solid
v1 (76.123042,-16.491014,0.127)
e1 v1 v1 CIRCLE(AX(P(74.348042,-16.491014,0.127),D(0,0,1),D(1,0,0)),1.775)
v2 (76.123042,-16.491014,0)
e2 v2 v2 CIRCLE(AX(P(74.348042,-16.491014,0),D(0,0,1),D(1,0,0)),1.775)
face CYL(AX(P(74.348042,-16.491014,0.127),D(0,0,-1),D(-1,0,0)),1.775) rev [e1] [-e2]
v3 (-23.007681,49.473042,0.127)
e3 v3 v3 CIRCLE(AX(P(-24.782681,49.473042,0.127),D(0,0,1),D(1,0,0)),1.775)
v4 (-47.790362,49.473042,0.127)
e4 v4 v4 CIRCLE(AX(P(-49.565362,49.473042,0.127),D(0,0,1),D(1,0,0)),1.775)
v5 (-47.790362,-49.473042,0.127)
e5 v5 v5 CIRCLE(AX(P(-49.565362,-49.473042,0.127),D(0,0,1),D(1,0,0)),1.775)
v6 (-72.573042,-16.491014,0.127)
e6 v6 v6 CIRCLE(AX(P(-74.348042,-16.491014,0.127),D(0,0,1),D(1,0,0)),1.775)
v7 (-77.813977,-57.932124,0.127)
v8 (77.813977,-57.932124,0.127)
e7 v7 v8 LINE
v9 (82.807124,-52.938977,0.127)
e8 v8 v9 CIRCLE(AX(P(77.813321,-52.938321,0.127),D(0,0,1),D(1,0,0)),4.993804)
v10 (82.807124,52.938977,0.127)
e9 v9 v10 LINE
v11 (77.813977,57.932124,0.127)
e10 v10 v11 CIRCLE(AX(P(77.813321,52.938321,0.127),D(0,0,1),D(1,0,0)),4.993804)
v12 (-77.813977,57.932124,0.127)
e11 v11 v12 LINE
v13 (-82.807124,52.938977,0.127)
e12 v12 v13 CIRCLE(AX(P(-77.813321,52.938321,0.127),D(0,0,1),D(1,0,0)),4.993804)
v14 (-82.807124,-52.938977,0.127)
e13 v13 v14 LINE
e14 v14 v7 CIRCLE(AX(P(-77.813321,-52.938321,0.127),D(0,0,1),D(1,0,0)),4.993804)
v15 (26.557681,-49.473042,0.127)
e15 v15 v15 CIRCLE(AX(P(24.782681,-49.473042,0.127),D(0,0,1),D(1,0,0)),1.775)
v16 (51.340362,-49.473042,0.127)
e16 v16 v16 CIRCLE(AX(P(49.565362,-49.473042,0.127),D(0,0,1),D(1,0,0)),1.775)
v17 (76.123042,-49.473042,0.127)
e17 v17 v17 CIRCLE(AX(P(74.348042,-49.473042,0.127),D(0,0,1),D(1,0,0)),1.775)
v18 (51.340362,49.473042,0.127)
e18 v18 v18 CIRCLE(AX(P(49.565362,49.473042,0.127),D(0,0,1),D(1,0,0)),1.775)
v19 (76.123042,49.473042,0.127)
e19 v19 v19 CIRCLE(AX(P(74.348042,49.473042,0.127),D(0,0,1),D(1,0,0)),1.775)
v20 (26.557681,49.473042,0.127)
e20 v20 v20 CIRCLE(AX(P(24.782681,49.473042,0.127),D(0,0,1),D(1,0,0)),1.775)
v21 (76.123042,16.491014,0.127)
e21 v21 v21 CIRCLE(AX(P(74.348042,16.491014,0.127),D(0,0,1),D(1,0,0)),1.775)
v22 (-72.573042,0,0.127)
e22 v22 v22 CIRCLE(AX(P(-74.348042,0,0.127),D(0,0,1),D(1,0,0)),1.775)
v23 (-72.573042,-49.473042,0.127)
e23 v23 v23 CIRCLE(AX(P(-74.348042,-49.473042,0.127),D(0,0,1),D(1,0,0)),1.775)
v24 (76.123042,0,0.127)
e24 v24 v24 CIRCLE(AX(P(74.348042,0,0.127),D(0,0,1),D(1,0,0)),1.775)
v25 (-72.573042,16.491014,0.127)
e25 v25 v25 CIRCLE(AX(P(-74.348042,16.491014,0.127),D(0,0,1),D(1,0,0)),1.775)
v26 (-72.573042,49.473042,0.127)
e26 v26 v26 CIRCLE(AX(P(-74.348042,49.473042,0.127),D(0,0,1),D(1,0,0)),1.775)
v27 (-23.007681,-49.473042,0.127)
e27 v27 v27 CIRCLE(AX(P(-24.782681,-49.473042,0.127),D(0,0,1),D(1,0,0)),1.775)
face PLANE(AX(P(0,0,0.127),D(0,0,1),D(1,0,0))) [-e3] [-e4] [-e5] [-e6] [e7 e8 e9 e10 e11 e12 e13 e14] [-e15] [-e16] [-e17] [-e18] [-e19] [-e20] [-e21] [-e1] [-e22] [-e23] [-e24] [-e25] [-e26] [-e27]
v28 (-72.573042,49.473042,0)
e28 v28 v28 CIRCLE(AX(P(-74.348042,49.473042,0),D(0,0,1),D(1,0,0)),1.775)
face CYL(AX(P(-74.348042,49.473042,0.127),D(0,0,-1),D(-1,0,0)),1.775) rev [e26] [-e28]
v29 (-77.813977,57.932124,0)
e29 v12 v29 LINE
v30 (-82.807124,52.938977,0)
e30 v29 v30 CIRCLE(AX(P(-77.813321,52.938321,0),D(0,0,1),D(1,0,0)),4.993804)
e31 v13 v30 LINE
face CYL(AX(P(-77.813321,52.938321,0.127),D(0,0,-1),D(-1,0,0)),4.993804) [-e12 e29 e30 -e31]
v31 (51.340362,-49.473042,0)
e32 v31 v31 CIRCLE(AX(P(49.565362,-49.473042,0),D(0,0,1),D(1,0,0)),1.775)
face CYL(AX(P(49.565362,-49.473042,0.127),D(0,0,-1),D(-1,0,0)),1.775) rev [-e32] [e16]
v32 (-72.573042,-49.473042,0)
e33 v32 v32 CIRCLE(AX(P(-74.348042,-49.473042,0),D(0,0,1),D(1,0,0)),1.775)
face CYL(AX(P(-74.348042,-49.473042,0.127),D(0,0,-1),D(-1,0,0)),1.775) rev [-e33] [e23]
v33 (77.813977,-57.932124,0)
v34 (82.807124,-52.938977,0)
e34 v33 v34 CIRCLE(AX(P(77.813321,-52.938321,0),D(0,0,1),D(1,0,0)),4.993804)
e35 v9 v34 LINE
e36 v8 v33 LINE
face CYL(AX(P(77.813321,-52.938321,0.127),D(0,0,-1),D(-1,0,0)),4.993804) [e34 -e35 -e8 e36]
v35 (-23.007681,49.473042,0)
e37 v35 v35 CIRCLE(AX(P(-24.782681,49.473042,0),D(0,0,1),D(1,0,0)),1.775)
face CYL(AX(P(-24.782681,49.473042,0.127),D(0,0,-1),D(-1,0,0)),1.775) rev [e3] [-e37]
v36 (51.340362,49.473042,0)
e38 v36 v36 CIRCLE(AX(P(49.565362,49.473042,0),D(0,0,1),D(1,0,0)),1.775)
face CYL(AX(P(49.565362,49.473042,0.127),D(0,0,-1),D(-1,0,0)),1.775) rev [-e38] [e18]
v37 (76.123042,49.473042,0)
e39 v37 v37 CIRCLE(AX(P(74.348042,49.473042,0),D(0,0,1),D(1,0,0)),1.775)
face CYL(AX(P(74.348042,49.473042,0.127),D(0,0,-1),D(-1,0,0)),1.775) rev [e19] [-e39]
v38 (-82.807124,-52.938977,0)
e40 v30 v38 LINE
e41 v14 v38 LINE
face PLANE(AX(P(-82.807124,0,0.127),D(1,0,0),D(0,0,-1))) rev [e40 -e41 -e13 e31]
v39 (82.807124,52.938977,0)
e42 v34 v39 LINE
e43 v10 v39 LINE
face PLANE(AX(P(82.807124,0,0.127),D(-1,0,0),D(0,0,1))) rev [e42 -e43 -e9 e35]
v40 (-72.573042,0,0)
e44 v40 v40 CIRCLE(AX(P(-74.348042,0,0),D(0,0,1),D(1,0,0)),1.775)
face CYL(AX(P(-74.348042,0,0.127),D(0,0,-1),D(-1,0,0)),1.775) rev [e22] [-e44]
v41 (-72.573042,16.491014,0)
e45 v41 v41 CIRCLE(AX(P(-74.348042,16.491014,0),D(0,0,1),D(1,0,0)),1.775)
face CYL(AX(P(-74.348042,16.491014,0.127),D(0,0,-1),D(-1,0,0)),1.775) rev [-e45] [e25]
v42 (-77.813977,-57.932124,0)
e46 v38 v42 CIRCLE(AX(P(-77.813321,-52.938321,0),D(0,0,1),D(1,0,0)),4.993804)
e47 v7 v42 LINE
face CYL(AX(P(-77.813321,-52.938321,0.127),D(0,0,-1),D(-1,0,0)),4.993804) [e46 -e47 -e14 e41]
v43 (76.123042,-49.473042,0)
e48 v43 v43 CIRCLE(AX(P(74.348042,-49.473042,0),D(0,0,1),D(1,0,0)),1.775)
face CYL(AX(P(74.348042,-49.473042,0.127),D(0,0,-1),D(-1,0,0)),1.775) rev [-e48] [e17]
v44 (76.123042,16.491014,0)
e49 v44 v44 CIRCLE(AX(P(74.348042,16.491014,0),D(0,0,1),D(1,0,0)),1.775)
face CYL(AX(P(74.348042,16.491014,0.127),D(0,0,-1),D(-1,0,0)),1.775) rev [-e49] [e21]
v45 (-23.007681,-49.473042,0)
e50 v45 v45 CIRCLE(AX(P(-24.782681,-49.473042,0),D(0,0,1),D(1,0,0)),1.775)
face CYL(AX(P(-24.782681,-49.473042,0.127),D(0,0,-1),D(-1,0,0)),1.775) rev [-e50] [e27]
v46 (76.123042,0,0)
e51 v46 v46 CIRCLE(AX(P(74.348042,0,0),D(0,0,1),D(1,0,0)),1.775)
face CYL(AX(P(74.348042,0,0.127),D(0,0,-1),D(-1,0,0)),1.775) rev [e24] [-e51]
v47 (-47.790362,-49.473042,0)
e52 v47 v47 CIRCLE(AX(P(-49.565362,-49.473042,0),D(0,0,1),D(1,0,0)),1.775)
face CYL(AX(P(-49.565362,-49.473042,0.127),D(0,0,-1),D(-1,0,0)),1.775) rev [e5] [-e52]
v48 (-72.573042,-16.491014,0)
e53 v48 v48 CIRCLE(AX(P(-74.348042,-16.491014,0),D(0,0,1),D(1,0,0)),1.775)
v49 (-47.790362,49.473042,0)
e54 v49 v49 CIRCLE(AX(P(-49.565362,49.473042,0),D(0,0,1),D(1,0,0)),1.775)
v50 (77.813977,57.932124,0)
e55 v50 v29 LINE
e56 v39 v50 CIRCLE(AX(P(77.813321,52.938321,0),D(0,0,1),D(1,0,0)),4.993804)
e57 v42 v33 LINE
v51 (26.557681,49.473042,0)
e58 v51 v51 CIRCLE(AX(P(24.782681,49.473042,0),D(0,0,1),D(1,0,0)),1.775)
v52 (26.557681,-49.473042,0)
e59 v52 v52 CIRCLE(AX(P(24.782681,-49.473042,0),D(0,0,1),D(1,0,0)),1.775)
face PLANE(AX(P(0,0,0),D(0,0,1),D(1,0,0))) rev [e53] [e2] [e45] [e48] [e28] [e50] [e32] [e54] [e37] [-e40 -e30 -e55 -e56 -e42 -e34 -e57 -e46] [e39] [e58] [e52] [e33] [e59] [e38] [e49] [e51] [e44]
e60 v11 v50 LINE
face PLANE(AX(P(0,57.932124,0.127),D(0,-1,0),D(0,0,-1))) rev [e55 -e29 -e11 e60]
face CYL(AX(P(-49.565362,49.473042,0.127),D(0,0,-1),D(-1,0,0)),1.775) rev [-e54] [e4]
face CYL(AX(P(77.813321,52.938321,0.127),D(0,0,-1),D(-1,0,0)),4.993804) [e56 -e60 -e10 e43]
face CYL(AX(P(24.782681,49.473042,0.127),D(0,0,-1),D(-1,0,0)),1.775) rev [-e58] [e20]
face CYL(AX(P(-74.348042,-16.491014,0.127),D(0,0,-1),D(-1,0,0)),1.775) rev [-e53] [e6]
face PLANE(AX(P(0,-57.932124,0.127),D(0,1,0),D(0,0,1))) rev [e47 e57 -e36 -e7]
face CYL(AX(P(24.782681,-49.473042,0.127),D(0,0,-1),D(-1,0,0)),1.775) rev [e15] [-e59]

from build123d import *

# Parameters (mm, degrees)
MODEL_R             = 1.775
BOSS_EXTRUDE1_DEPTH = 0.127


with BuildPart() as part:
    # Model → Boss-Extrude1 (new body)
    with BuildSketch(Plane.XY):
        with BuildLine():
            Line((82.807124219, -52.938976545), (82.807124219, 52.938976545))
            ThreePointArc((82.807124219, 52.938976545), (81.344473074, 56.469473074), (77.813976545, 57.932124219))
            Line((77.813976545, 57.932124219), (-77.813976545, 57.932124219))
            ThreePointArc((-77.813976545, 57.932124219), (-81.344473074, 56.469473074), (-82.807124219, 52.938976545))
            Line((-82.807124219, 52.938976545), (-82.807124219, -52.938976545))
            ThreePointArc((-82.807124219, -52.938976545), (-81.344473074, -56.469473074), (-77.813976545, -57.932124219))
            Line((-77.813976545, -57.932124219), (77.813976545, -57.932124219))
            ThreePointArc((77.813976545, -57.932124219), (81.344473074, -56.469473074), (82.807124219, -52.938976545))
        make_face()
        with Locations((-74.348042359, 49.473042359)):
            Circle(MODEL_R, mode=Mode.SUBTRACT)
        with Locations((-24.782680786, 49.473042359)):
            Circle(MODEL_R, mode=Mode.SUBTRACT)
        with Locations((24.782680786, 49.473042359)):
            Circle(MODEL_R, mode=Mode.SUBTRACT)
        with Locations((74.348042359, 49.473042359)):
            Circle(MODEL_R, mode=Mode.SUBTRACT)
        with Locations((74.348042359, 16.49101412)):
            Circle(MODEL_R, mode=Mode.SUBTRACT)
        with Locations((74.348042359, -16.49101412)):
            Circle(MODEL_R, mode=Mode.SUBTRACT)
        with Locations((74.348042359, -49.473042359)):
            Circle(MODEL_R, mode=Mode.SUBTRACT)
        with Locations((24.782680786, -49.473042359)):
            Circle(MODEL_R, mode=Mode.SUBTRACT)
        with Locations((-24.782680786, -49.473042359)):
            Circle(MODEL_R, mode=Mode.SUBTRACT)
        with Locations((-74.348042359, -49.473042359)):
            Circle(MODEL_R, mode=Mode.SUBTRACT)
        with Locations((-74.348042359, -16.49101412)):
            Circle(MODEL_R, mode=Mode.SUBTRACT)
        with Locations((-74.348042359, 16.49101412)):
            Circle(MODEL_R, mode=Mode.SUBTRACT)
        with Locations((49.565361573, -49.473042359)):
            Circle(MODEL_R, mode=Mode.SUBTRACT)
        with Locations((-49.565361573, -49.473042359)):
            Circle(MODEL_R, mode=Mode.SUBTRACT)
        with Locations((-49.565361573, 49.473042359)):
            Circle(MODEL_R, mode=Mode.SUBTRACT)
        with Locations((49.565361573, 49.473042359)):
            Circle(MODEL_R, mode=Mode.SUBTRACT)
        with Locations((-74.348042359, 0)):
            Circle(MODEL_R, mode=Mode.SUBTRACT)
        with Locations((74.348042359, 0)):
            Circle(MODEL_R, mode=Mode.SUBTRACT)
    extrude(amount=BOSS_EXTRUDE1_DEPTH)


solid = part.part
